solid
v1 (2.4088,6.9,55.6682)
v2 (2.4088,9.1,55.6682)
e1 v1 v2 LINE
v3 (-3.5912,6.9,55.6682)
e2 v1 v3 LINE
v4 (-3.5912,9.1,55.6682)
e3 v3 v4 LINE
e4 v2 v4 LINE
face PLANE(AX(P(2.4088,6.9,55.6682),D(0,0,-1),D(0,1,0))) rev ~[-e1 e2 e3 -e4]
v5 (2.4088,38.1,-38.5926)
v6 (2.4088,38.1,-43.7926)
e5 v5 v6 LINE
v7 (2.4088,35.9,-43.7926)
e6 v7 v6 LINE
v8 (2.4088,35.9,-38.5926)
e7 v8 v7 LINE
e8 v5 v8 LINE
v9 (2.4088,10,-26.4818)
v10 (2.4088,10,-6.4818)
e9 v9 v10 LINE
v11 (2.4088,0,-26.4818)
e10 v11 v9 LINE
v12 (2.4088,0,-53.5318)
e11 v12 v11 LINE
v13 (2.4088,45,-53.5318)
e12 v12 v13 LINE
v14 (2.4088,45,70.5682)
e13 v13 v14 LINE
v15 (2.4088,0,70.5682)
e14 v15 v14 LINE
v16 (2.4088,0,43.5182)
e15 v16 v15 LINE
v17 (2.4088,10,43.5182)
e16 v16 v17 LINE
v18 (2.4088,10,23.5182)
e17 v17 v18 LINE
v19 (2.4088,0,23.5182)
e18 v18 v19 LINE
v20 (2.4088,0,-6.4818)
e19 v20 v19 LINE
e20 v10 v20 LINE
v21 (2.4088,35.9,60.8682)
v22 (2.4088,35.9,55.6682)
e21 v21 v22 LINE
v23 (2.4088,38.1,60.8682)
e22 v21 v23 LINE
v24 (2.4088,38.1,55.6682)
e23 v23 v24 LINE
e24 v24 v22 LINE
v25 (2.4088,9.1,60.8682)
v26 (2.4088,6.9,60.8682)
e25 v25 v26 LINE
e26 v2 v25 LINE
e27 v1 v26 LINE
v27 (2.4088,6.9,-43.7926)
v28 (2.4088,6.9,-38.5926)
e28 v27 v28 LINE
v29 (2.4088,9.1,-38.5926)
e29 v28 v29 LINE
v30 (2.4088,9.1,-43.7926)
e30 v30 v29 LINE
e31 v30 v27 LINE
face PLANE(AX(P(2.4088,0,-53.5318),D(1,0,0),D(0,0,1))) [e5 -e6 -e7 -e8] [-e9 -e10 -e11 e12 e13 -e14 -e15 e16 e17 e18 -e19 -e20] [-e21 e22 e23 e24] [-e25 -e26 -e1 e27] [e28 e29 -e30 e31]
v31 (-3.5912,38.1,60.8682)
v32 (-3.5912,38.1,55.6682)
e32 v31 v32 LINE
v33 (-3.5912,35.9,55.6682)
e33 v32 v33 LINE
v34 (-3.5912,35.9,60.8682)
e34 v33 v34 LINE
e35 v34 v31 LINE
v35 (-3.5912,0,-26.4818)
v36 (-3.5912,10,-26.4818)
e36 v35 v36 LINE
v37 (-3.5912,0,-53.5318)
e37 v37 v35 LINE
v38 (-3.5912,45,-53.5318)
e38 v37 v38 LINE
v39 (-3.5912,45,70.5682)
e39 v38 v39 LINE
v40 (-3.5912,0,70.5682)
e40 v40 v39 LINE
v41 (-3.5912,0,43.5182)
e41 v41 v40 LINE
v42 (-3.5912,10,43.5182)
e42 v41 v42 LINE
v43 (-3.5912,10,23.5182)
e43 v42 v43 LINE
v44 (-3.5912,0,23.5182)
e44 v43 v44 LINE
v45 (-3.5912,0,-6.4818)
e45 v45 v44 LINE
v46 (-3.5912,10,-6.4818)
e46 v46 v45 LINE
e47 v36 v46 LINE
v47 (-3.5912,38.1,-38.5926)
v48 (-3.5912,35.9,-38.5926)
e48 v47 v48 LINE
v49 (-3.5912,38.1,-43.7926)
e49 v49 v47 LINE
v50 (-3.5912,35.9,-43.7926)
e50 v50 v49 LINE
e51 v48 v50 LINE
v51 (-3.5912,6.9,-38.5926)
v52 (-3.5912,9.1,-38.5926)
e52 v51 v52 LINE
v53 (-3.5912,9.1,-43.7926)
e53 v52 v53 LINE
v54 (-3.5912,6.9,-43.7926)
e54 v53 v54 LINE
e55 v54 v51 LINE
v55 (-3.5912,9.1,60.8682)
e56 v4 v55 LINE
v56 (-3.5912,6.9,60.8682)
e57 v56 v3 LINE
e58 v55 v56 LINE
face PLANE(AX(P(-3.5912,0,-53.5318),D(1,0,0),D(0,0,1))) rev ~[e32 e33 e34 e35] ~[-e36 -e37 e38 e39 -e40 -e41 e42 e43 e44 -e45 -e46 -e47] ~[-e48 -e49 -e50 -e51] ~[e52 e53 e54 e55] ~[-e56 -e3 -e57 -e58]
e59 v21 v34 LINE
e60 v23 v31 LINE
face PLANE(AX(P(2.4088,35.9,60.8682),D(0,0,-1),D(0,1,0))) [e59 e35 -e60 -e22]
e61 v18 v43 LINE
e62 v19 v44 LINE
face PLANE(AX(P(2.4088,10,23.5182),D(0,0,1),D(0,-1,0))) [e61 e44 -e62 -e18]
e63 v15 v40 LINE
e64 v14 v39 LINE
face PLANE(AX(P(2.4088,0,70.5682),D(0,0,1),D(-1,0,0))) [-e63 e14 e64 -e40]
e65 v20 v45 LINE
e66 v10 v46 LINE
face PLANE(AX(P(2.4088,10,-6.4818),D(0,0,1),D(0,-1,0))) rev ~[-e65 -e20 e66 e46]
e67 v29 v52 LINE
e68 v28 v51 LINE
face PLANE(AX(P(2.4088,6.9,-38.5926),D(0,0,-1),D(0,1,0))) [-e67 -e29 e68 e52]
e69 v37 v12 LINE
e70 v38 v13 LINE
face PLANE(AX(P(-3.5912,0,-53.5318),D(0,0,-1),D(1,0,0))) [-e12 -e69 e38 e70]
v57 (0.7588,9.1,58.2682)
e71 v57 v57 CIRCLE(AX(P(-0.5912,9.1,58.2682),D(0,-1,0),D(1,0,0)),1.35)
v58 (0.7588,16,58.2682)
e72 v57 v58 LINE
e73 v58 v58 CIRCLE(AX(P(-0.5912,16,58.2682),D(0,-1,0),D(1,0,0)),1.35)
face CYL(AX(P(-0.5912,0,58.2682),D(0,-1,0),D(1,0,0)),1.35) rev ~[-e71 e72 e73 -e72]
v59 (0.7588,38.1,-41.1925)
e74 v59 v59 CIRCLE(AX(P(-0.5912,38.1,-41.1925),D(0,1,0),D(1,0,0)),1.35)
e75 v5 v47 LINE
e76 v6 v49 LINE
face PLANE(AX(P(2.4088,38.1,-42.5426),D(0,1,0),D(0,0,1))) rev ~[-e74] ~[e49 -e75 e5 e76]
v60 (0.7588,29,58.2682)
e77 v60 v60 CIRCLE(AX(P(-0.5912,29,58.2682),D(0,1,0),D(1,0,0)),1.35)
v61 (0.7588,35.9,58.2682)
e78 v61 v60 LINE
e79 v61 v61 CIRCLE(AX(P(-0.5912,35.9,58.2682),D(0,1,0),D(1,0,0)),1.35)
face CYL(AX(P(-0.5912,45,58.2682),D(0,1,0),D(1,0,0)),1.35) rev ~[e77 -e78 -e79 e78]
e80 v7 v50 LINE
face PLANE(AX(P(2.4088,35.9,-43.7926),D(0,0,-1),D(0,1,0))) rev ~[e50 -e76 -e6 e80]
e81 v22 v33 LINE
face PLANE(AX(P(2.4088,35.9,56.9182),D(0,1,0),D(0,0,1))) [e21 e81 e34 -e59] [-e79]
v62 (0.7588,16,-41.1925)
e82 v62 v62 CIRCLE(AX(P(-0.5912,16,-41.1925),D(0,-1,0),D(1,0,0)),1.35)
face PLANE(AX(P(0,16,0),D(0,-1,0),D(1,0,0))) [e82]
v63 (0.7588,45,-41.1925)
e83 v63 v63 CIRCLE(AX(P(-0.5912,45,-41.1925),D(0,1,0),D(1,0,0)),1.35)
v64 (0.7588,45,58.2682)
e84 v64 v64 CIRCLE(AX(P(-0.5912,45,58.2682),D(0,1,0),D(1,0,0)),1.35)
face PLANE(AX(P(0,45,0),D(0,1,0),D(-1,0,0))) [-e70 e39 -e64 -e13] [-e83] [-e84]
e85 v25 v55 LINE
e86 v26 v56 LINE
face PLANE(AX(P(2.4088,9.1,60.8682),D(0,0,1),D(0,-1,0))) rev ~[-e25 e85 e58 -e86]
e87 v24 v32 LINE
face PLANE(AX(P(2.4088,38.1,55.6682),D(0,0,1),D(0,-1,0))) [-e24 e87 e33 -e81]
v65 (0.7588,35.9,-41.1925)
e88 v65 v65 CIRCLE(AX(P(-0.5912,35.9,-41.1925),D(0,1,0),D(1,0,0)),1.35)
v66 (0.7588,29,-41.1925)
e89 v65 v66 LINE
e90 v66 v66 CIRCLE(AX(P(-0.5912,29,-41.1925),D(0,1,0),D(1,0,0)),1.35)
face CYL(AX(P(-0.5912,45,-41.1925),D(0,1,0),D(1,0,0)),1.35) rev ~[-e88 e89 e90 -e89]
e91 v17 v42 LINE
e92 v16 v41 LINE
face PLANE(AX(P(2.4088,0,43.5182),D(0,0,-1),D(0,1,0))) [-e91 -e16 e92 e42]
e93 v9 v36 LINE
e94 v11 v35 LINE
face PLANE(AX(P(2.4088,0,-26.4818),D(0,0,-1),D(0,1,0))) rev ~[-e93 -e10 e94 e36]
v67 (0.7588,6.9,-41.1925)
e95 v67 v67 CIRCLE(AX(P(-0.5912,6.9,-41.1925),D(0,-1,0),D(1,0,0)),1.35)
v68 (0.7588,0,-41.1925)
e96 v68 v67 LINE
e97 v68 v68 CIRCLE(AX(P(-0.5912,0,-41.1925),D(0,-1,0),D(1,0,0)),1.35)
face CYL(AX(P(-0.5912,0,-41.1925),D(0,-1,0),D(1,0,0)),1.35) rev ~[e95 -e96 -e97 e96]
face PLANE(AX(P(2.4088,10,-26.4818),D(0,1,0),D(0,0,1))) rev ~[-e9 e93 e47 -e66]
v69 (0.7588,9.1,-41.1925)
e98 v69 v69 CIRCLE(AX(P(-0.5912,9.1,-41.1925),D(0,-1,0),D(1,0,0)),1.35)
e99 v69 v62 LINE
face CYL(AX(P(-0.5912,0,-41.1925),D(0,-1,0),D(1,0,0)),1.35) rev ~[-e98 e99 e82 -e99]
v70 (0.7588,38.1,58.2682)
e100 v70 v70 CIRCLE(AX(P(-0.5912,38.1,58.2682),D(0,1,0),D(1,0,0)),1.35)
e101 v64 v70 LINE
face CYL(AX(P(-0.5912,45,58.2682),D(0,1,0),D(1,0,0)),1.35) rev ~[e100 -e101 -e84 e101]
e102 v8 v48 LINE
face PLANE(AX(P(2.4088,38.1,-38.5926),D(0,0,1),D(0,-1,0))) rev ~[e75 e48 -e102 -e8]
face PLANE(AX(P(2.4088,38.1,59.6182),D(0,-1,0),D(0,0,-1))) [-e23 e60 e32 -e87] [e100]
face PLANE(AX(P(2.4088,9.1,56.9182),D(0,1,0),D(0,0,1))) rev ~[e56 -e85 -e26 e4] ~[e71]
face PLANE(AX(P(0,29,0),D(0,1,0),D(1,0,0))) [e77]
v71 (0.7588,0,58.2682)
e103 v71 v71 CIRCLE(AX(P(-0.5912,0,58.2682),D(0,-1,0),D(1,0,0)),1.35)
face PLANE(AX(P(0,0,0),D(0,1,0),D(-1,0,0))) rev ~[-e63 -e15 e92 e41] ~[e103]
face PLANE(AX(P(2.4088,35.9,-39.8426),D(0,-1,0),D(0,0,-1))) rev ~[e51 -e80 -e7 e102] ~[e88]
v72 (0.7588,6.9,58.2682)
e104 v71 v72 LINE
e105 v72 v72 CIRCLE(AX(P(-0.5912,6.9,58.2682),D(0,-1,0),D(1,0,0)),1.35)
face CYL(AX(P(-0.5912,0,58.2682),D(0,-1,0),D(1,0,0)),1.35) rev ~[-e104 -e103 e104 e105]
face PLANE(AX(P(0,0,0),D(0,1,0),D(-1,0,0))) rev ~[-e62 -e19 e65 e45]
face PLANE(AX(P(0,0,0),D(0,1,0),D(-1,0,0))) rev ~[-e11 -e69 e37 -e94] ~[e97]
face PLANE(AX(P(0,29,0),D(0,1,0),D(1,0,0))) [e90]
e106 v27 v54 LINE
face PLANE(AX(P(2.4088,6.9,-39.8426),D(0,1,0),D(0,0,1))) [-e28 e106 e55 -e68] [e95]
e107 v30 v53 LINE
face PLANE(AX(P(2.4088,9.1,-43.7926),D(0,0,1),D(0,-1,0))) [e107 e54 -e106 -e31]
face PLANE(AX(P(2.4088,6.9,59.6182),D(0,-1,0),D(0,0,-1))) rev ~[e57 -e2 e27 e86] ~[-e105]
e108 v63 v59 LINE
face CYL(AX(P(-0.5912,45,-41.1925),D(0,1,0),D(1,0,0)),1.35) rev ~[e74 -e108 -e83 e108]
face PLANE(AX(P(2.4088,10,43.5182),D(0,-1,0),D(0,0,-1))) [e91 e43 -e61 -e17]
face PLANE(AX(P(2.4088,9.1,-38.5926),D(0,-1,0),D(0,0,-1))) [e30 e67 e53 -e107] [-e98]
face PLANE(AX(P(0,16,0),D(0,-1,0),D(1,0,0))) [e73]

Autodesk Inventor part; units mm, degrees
ref_plane "YZ Plane" through (0, 0, 0) normal (1, 0, 0) x (0, 1, 0)
ref_plane "XZ Plane" through (0, 0, 0) normal (0, 1, 0) x (-1, 0, 0)
ref_plane "XY Plane" through (0, 0, 0) normal (0, 0, 1) x (1, 0, 0)
sketch "스케치1" plane through (0, 0, 0) normal (0, 1, 0) x (-1, 0, 0)
  line L0 (3.5912, -53.5318) -> (3.5912, 70.5682)
  line L1 (3.5912, -53.5318) -> (-2.4088, -53.5318)
  line L2 (-2.4088, -53.5318) -> (-2.4088, 70.5682)
  line L3 (-2.4088, 70.5682) -> (3.5912, 70.5682)
  line L4 (3.5912, 70.5682) -> (3.5912, -53.5318)
  point P0 (0, 0)
  dimension "d0" = 6
extrude "돌출1" add sketch "스케치1" along normal blind 45
sketch "스케치2" plane through (0, 45, 0) normal (0, 1, 0) x (1, 0, 0)
  line L0 (2.4088, -70.5682) -> (2.4088, 53.5318)
  line L1 (2.4088, -70.5682) -> (-3.5912, -70.5682)
  line L2 (-3.5912, -70.5682) -> (-3.5912, 53.5318)
  line L3 (-3.5912, 53.5318) -> (2.4088, 53.5318)
  line L4 (2.4088, 53.5318) -> (2.4088, -70.5682)
  circle A0 centre (-0.5912, -58.2682) radius 1.35
  circle A1 centre (-0.5912, 41.1925) radius 1.35
  line L5 (2.4088, -70.5682) -> (2.4088, 53.5318) projected
  line L6 (2.4088, 53.5318) -> (-3.5912, 53.5318) projected
  line L7 (-3.5912, 53.5318) -> (-3.5912, -70.5682) projected
  line L8 (-3.5912, -70.5682) -> (2.4088, -70.5682) projected
  point P0 (0, 0)
  dimension "d3" = 6
  dimension "d4" = 2.7
  dimension "d5" = 2.7
extrude "돌출2" cut sketch "스케치2" against normal blind 16 contours A0 | A1
sketch "스케치3" plane through (2.4088, 0, 70.5682) normal (1, 0, 0) x (0, 0, -1)
  line L0 (0, 0) -> (124.1, 0) projected
  line L1 (124.1, 0) -> (124.1, 45) projected
  line L2 (0, 45) -> (124.1, 45) projected
  line L3 (0, 0) -> (0, 45) projected
  line L4 (62.05, 0) -> (77.05, 0)
  line L5 (77.05, 0) -> (47.05, 0)
  line L6 (77.05, 0) -> (97.05, 0)
  line L7 (97.05, 0) -> (97.05, 10)
  line L8 (97.05, 10) -> (77.05, 10)
  line L9 (77.05, 10) -> (77.05, 0)
  line L10 (47.05, 0) -> (27.05, 0)
  line L11 (27.05, 0) -> (27.05, 10)
  line L12 (27.05, 10) -> (47.05, 10)
  line L13 (47.05, 10) -> (47.05, 0)
  point P0 (70.5682, 0)
  dimension "d8" = 15
  dimension "d9" = 30
  dimension "d10" = 20
  dimension "d11" = 10
  dimension "d12" = 20
  dimension "d13" = 10
extrude "돌출3" cut sketch "스케치3" against normal blind 16 contours L11 L12 L13 L0 | L9 L8 L7 L0
sketch "스케치4" plane through (0, 0, 0) normal (0, -1, 0) x (1, 0, 0)
  circle A0 centre (-0.5912, 58.2682) radius 1.35 projected
  circle A1 centre (-0.5912, -41.1925) radius 1.35 projected
  point P0 (0, 0)
extrude "돌출4" cut sketch "스케치4" against normal blind 16
sketch "스케치5" plane through (2.4088, 0, -53.5318) normal (1, 0, 0) x (0, 0, -1)
  line L0 (-97.05, 0) -> (-124.1, 0) projected
  line L1 (-124.1, 0) -> (-97.05, 0) projected
  line L2 (-27.05, 0) -> (0, 0) projected
  line L3 (0, 45) -> (-124.1, 45) projected
  line L4 (-124.1, 45) -> (0, 45) projected
  line L5 (-113.15, 45) -> (-110.45, 45) projected
  line L6 (-13.6892, 45) -> (-10.9892, 45) projected
  line L7 (-124.1, 45) -> (0, 45) projected
  line L8 (0, 45) -> (-124.1, 45) projected
  line L9 (-47.05, 10) -> (-47.05, 0) projected
  line L10 (-47.05, 0) -> (-77.05, 0) projected
  line L11 (-77.05, 0) -> (-77.05, 10) projected
  line L12 (-77.05, 10) -> (-97.05, 10) projected
  line L13 (-97.05, 10) -> (-97.05, 0) projected
  line L14 (-97.05, 0) -> (-124.1, 0) projected
  line L15 (-124.1, 0) -> (-124.1, 45) projected
  line L16 (0, 45) -> (-124.1, 45) projected
  line L17 (0, 0) -> (0, 45) projected
  line L18 (0, 0) -> (-27.05, 0) projected
  line L19 (-27.05, 0) -> (-27.05, 10) projected
  line L20 (-27.05, 10) -> (-47.05, 10) projected
  line L21 (-47.05, 0) -> (-47.05, 10) projected
  line L22 (-47.05, 10) -> (-27.05, 10) projected
  line L23 (-27.05, 10) -> (-27.05, 0) projected
  line L24 (-27.05, 0) -> (0, 0) projected
  line L25 (0, 0) -> (0, 45) projected
  line L26 (-124.1, 45) -> (0, 45) projected
  line L27 (-124.1, 0) -> (-124.1, 45) projected
  line L28 (-124.1, 0) -> (-97.05, 0) projected
  line L29 (-97.05, 0) -> (-97.05, 10) projected
  line L30 (-97.05, 10) -> (-77.05, 10) projected
  line L31 (-77.05, 10) -> (-77.05, 0) projected
  line L32 (-77.05, 0) -> (-47.05, 0) projected
  line L33 (-97.05, 10) -> (-77.05, 10) projected
  line L34 (-77.05, 10) -> (-97.05, 10) projected
  line L35 (-77.05, 10) -> (-97.05, 10) projected
  line L36 (-97.05, 10) -> (-77.05, 10) projected
  line L37 (-97.05, 10) -> (-97.05, 0) projected
  line L38 (-97.05, 10) -> (-97.05, 0) projected
  line L39 (-97.05, 0) -> (-97.05, 10) projected
  line L40 (-97.05, 0) -> (-97.05, 10) projected
  line L41 (-110.45, 16) -> (-113.15, 16) projected
  line L42 (-110.45, 16) -> (-113.15, 16) projected
  line L43 (-110.45, 0) -> (-113.15, 0) projected
  line L44 (-110.45, 16) -> (-113.15, 16) projected
  line L45 (-110.45, 0) -> (-113.15, 0) projected
  line L46 (-113.15, 29) -> (-110.45, 29) projected
  line L47 (-113.15, 29) -> (-110.45, 29) projected
  line L48 (-113.15, 29) -> (-110.45, 29) projected
  line L49 (-113.15, 45) -> (-110.45, 45) projected
  line L50 (-110.45, 0) -> (-113.15, 0) projected
  line L51 (-124.1, 0) -> (-97.05, 0) projected
  line L52 (-97.05, 0) -> (-124.1, 0) projected
  line L53 (-124.1, 0) -> (-124.1, 45) projected
  line L54 (-124.1, 0) -> (-124.1, 45) projected
  line L55 (-124.1, 0) -> (-124.1, 45) projected
  line L56 (-124.1, 0) -> (-124.1, 45) projected
  line L57 (-10.9892, 16) -> (-13.6892, 16) projected
  line L58 (-10.9892, 16) -> (-13.6892, 16) projected
  line L59 (-10.9892, 0) -> (-13.6892, 0) projected
  line L60 (-10.9892, 16) -> (-13.6892, 16) projected
  line L61 (-10.9892, 0) -> (-13.6892, 0) projected
  line L62 (0, 0) -> (0, 45) projected
  line L63 (-10.9892, 0) -> (-13.6892, 0) projected
  line L64 (0, 0) -> (-27.05, 0) projected
  line L65 (-27.05, 0) -> (0, 0) projected
  line L66 (0, 0) -> (-27.05, 0) projected
  line L67 (-113.15, 45) -> (-110.45, 45) projected
  line L68 (0, 0) -> (0, 45) projected
  line L69 (-47.05, 0) -> (-47.05, 10) projected
  line L70 (-47.05, 10) -> (-47.05, 0) projected
  line L71 (-47.05, 10) -> (-47.05, 0) projected
  line L72 (-47.05, 0) -> (-47.05, 10) projected
  line L73 (-47.05, 10) -> (-27.05, 10) projected
  line L74 (-27.05, 10) -> (-47.05, 10) projected
  line L75 (-47.05, 10) -> (-27.05, 10) projected
  line L76 (-27.05, 0) -> (-27.05, 10) projected
  line L77 (-27.05, 10) -> (-27.05, 0) projected
  line L78 (-27.05, 0) -> (-27.05, 10) projected
  line L79 (-27.05, 10) -> (-27.05, 0) projected
  line L80 (-13.6892, 45) -> (-10.9892, 45) projected
  line L81 (-13.6892, 29) -> (-10.9892, 29) projected
  line L82 (-13.6892, 29) -> (-10.9892, 29) projected
  line L83 (-13.6892, 45) -> (-10.9892, 45) projected
  line L84 (0, 0) -> (0, 45) projected
  line L85 (0, 0) -> (0, 45) projected
  line L86 (-13.6892, 29) -> (-10.9892, 29) projected
  line L87 (-77.05, 10) -> (-77.05, 0) projected
  line L88 (-77.05, 0) -> (-77.05, 10) projected
  line L89 (-77.05, 10) -> (-77.05, 0) projected
  line L90 (-77.05, 0) -> (-47.05, 0) projected
  line L91 (-77.05, 0) -> (-47.05, 0) projected
  line L92 (-47.05, 0) -> (-77.05, 0) projected
  line L93 (-47.05, 0) -> (-77.05, 0) projected
  line L94 (-77.05, 0) -> (-77.05, 10) projected
  line L95 (-27.05, 10) -> (-47.05, 10) projected
  line L96 (-13.6892, 0) -> (-13.6892, 16) projected
  line L97 (-10.9892, 0) -> (-10.9892, 16) projected
  line L98 (-13.6892, 45) -> (-13.6892, 29) projected
  line L99 (-10.9892, 45) -> (-10.9892, 29) projected
  line L100 (-110.45, 45) -> (-110.45, 29) projected
  line L101 (-113.15, 45) -> (-113.15, 29) projected
  line L102 (-113.15, 0) -> (-113.15, 16) projected
  line L103 (-110.45, 0) -> (-110.45, 16) projected
  line L104 (-9.7392, 6.9) -> (-14.9392, 6.9)
  line L105 (-14.9392, 6.9) -> (-14.9392, 9.1)
  line L106 (-14.9392, 9.1) -> (-9.7392, 9.1)
  line L107 (-9.7392, 9.1) -> (-9.7392, 6.9)
  line L108 (-9.7392, 6.9) -> (-14.9392, 9.1) construction
  line L109 (-14.9392, 6.9) -> (-9.7392, 9.1) construction
  line L110 (-109.2, 9.1) -> (-114.4, 9.1)
  line L111 (-114.4, 9.1) -> (-114.4, 6.9)
  line L112 (-114.4, 6.9) -> (-109.2, 6.9)
  line L113 (-109.2, 6.9) -> (-109.2, 9.1)
  line L114 (-109.2, 9.1) -> (-114.4, 6.9) construction
  line L115 (-114.4, 9.1) -> (-109.2, 6.9) construction
  line L116 (-9.7392, 38.1) -> (-14.9392, 38.1)
  line L117 (-14.9392, 38.1) -> (-14.9392, 35.9)
  line L118 (-14.9392, 35.9) -> (-9.7392, 35.9)
  line L119 (-9.7392, 35.9) -> (-9.7392, 38.1)
  line L120 (-9.7392, 38.1) -> (-14.9392, 35.9) construction
  line L121 (-14.9392, 38.1) -> (-9.7392, 35.9) construction
  line L122 (-109.2, 35.9) -> (-114.4, 35.9)
  line L123 (-114.4, 35.9) -> (-114.4, 38.1)
  line L124 (-114.4, 38.1) -> (-109.2, 38.1)
  line L125 (-109.2, 38.1) -> (-109.2, 35.9)
  line L126 (-109.2, 35.9) -> (-114.4, 38.1) construction
  line L127 (-114.4, 35.9) -> (-109.2, 38.1) construction
  point P0 (-53.5318, 0)
  point P1 (-12.3392, 8)
  point P2 (-111.8, 8)
  point P3 (-12.3392, 37)
  point P4 (-111.8, 37)
  dimension "d18" = 5.2
  dimension "d19" = 2.2
  dimension "d20" = 5.2
  dimension "d21" = 2.2
  dimension "d22" = 5.2
  dimension "d23" = 2.2
extrude "돌출5" cut sketch "스케치5" against normal blind 16 contours L112 L102 L110 L103 | L103 L110 L113 L112 | L112 L111 L110 L102 | L124 L100 L122 L101 | L101 L122 L123 L124 | L124 L125 L122 L100 | L116 L99 L118 L98 | L98 L118 L117 L116 | L116 L119 L118 L99 | L104 L105 L106 L96 | L96 L106 L97 L104 | L97 L106 L107 L104
properties part number "frame_head3" material "PMMA 플라스틱"
